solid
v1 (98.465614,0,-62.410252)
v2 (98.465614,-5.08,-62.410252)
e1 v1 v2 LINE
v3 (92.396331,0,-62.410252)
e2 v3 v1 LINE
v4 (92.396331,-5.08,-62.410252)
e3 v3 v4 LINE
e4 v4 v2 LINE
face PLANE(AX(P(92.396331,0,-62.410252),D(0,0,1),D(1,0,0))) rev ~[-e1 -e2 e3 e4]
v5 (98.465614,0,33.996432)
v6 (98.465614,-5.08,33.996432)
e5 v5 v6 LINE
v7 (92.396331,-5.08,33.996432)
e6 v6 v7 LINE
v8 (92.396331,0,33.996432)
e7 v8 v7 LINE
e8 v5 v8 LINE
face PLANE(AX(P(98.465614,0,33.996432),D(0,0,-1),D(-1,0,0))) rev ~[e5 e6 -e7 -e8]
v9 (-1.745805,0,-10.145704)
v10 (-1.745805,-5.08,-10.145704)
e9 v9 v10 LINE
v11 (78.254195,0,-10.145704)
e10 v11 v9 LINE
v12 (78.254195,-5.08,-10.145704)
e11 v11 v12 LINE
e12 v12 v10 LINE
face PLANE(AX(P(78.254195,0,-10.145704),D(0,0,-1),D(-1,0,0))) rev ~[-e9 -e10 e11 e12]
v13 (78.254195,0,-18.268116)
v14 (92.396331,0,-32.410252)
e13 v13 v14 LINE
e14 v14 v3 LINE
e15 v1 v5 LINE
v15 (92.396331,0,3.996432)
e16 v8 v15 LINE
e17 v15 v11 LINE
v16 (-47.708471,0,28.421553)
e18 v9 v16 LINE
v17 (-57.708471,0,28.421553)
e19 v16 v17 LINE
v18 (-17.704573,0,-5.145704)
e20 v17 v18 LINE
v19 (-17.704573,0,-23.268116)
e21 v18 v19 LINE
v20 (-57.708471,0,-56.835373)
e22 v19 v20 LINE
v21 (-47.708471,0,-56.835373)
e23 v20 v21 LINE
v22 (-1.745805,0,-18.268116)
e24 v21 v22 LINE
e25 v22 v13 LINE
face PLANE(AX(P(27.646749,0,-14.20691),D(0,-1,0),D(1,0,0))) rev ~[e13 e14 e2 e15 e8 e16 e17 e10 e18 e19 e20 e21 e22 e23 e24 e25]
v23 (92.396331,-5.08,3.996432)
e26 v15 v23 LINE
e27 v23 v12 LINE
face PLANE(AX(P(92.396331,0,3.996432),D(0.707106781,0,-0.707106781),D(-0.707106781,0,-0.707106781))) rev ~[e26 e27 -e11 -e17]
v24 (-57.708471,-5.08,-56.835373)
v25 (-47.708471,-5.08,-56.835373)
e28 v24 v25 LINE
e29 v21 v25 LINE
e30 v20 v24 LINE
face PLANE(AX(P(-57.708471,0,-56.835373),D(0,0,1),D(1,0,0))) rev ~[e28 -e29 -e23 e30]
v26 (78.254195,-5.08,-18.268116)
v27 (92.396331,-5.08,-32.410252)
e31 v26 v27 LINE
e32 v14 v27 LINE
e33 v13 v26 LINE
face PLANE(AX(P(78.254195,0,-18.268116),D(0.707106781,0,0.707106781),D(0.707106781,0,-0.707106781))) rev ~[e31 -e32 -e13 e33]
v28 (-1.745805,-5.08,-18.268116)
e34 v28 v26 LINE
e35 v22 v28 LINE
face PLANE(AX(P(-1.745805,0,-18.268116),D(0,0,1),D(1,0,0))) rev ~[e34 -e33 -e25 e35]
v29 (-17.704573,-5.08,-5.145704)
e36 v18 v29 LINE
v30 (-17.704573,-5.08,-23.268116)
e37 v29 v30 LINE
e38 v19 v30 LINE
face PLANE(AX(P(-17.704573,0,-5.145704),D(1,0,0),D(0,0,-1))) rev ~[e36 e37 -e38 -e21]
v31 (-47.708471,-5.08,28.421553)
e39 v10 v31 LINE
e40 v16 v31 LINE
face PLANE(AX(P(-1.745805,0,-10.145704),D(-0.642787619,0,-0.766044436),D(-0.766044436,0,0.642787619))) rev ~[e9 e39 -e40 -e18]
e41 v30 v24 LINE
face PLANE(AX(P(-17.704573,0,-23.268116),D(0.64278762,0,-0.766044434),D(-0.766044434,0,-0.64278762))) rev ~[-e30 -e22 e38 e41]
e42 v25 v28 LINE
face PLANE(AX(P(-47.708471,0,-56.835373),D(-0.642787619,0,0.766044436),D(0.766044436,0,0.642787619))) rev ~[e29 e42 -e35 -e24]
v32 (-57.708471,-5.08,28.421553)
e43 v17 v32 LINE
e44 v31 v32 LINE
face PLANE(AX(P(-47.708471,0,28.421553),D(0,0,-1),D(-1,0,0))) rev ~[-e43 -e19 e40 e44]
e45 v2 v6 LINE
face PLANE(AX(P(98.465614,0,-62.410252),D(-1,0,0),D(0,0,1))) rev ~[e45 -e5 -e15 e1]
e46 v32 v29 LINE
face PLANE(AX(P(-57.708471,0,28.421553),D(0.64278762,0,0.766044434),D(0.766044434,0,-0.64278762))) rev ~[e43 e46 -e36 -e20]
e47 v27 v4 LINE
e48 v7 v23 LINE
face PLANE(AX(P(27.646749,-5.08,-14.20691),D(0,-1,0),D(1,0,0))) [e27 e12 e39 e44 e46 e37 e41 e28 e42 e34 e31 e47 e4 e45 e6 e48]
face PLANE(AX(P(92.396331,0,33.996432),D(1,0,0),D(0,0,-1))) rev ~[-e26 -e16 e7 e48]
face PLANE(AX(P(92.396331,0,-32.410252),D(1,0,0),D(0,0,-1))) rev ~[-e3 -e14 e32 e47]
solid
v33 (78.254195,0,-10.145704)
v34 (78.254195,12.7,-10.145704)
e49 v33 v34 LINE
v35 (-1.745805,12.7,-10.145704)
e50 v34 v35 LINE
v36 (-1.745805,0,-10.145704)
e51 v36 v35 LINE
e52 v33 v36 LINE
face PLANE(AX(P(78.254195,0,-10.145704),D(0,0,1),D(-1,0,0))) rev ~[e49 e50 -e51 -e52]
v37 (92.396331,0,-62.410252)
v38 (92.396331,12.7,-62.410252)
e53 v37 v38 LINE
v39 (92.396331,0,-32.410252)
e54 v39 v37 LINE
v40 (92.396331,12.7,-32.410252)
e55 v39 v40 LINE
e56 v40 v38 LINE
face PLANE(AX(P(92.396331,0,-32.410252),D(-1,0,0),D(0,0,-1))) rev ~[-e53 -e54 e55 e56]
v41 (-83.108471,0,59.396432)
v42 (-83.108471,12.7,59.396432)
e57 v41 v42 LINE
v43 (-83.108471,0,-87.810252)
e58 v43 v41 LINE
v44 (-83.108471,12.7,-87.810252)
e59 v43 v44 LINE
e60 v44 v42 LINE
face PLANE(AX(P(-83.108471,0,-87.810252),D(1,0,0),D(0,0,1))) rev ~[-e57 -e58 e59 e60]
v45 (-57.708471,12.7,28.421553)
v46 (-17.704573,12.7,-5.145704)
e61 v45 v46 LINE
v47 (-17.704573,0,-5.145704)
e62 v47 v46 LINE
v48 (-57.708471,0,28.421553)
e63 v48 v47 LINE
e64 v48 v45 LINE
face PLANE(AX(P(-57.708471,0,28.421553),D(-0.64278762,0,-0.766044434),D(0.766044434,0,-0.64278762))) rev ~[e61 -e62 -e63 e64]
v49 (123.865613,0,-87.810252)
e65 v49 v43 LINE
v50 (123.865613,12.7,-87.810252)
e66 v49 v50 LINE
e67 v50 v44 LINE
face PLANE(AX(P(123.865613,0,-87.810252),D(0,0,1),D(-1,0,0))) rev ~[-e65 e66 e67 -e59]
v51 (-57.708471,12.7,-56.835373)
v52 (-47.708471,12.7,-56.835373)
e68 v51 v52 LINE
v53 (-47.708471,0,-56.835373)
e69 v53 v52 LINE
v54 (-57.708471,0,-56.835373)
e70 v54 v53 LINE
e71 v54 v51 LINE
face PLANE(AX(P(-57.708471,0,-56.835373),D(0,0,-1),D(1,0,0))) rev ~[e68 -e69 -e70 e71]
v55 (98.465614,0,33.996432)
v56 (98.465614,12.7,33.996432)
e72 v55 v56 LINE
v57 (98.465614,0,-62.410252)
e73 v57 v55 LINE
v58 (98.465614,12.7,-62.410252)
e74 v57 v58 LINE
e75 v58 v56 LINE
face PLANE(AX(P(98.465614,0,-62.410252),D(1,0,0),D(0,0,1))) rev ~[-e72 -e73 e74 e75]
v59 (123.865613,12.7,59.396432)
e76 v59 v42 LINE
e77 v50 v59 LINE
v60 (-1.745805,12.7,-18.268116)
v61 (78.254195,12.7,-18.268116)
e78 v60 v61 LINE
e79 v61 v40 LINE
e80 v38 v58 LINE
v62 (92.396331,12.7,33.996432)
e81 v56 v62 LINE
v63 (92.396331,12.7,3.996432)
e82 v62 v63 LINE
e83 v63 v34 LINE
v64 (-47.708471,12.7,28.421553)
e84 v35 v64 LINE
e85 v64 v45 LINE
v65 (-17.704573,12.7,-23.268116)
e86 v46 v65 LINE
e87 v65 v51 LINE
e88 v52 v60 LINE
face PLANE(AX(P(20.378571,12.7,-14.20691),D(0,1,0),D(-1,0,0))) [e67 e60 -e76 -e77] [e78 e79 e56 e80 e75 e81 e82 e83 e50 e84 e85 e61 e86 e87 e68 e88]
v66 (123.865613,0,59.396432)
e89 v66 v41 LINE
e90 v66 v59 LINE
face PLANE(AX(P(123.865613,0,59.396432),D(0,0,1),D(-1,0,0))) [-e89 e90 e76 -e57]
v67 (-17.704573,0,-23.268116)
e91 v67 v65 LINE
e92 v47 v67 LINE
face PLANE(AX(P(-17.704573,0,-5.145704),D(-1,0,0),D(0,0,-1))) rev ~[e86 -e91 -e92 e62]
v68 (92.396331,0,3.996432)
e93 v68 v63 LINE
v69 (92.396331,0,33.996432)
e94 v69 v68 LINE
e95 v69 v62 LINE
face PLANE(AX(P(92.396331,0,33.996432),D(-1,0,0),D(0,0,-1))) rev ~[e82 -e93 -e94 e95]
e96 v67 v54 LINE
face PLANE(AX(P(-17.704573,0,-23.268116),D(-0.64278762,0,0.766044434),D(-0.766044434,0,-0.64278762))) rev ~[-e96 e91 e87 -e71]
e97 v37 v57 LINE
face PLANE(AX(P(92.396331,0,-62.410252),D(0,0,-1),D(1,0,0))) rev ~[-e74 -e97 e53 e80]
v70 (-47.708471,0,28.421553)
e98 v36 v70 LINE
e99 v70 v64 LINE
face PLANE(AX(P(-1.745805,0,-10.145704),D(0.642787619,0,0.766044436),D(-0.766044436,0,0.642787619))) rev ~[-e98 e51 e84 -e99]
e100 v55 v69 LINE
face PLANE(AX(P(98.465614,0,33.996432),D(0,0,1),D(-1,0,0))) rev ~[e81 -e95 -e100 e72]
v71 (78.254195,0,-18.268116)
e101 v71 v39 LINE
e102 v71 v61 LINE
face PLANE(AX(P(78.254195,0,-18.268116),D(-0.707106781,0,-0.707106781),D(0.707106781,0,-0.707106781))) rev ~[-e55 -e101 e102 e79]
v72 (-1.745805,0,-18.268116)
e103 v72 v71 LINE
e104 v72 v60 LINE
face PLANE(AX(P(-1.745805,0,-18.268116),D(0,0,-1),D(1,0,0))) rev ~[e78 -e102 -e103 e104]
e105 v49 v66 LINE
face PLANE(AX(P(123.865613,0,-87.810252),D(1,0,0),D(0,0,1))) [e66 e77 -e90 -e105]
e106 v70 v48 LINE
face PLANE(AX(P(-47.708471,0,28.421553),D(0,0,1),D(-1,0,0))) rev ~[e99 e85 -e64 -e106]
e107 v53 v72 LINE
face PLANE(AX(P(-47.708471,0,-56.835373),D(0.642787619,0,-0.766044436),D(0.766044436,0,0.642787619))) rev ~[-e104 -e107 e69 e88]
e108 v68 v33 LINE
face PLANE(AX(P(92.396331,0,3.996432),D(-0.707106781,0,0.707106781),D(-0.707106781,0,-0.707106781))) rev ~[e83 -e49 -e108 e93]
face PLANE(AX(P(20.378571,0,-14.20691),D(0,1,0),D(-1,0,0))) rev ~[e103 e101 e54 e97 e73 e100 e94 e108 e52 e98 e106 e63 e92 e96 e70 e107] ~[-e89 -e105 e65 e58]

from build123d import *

# Parameters (mm, degrees)
F1_DEPTH = 5.08
F2_W     = 206.974085
F2_H     = 147.206684
F3_DEPTH = 12.7


with BuildPart() as f1:
    # F0 (on Front) → F1 (new body)
    with BuildSketch(Plane.XZ):
        Polygon((78.254195, -10.145704), (-1.745805, -10.145704), (-47.708471, 28.421553), (-57.708471, 28.421553), (-17.704573, -5.145704), (-17.704573, -23.268116), (-57.708471, -56.835373), (-47.708471, -56.835373), (-1.745805, -18.268116), (78.254195, -18.268116), (92.396331, -32.410252), (92.396331, -62.410252), (98.465614, -62.410252), (98.465614, 33.996432), (92.396331, 33.996432), (92.396331, 3.996432), align=None)
    extrude(amount=F1_DEPTH)


with BuildPart() as f3:
    # F2 (on face) → F3 (new body)
    with BuildSketch(Plane(origin=(0, 0, 0), x_dir=(-1, 0, 0), z_dir=(0, 1, 0))):
        with Locations((-20.378571, -14.20691)):
            Rectangle(F2_W, F2_H)
        Polygon((-78.254195, -10.145704), (1.745805, -10.145704), (47.708471, 28.421553), (57.708471, 28.421553), (17.704573, -5.145704), (17.704573, -23.268116), (57.708471, -56.835373), (47.708471, -56.835373), (1.745805, -18.268116), (-78.254195, -18.268116), (-92.396331, -32.410252), (-92.396331, -62.410252), (-98.465614, -62.410252), (-98.465614, 33.996432), (-92.396331, 33.996432), (-92.396331, 3.996432), align=None, mode=Mode.SUBTRACT)
    extrude(amount=F3_DEPTH)


solid = Compound([f1.part, f3.part])
